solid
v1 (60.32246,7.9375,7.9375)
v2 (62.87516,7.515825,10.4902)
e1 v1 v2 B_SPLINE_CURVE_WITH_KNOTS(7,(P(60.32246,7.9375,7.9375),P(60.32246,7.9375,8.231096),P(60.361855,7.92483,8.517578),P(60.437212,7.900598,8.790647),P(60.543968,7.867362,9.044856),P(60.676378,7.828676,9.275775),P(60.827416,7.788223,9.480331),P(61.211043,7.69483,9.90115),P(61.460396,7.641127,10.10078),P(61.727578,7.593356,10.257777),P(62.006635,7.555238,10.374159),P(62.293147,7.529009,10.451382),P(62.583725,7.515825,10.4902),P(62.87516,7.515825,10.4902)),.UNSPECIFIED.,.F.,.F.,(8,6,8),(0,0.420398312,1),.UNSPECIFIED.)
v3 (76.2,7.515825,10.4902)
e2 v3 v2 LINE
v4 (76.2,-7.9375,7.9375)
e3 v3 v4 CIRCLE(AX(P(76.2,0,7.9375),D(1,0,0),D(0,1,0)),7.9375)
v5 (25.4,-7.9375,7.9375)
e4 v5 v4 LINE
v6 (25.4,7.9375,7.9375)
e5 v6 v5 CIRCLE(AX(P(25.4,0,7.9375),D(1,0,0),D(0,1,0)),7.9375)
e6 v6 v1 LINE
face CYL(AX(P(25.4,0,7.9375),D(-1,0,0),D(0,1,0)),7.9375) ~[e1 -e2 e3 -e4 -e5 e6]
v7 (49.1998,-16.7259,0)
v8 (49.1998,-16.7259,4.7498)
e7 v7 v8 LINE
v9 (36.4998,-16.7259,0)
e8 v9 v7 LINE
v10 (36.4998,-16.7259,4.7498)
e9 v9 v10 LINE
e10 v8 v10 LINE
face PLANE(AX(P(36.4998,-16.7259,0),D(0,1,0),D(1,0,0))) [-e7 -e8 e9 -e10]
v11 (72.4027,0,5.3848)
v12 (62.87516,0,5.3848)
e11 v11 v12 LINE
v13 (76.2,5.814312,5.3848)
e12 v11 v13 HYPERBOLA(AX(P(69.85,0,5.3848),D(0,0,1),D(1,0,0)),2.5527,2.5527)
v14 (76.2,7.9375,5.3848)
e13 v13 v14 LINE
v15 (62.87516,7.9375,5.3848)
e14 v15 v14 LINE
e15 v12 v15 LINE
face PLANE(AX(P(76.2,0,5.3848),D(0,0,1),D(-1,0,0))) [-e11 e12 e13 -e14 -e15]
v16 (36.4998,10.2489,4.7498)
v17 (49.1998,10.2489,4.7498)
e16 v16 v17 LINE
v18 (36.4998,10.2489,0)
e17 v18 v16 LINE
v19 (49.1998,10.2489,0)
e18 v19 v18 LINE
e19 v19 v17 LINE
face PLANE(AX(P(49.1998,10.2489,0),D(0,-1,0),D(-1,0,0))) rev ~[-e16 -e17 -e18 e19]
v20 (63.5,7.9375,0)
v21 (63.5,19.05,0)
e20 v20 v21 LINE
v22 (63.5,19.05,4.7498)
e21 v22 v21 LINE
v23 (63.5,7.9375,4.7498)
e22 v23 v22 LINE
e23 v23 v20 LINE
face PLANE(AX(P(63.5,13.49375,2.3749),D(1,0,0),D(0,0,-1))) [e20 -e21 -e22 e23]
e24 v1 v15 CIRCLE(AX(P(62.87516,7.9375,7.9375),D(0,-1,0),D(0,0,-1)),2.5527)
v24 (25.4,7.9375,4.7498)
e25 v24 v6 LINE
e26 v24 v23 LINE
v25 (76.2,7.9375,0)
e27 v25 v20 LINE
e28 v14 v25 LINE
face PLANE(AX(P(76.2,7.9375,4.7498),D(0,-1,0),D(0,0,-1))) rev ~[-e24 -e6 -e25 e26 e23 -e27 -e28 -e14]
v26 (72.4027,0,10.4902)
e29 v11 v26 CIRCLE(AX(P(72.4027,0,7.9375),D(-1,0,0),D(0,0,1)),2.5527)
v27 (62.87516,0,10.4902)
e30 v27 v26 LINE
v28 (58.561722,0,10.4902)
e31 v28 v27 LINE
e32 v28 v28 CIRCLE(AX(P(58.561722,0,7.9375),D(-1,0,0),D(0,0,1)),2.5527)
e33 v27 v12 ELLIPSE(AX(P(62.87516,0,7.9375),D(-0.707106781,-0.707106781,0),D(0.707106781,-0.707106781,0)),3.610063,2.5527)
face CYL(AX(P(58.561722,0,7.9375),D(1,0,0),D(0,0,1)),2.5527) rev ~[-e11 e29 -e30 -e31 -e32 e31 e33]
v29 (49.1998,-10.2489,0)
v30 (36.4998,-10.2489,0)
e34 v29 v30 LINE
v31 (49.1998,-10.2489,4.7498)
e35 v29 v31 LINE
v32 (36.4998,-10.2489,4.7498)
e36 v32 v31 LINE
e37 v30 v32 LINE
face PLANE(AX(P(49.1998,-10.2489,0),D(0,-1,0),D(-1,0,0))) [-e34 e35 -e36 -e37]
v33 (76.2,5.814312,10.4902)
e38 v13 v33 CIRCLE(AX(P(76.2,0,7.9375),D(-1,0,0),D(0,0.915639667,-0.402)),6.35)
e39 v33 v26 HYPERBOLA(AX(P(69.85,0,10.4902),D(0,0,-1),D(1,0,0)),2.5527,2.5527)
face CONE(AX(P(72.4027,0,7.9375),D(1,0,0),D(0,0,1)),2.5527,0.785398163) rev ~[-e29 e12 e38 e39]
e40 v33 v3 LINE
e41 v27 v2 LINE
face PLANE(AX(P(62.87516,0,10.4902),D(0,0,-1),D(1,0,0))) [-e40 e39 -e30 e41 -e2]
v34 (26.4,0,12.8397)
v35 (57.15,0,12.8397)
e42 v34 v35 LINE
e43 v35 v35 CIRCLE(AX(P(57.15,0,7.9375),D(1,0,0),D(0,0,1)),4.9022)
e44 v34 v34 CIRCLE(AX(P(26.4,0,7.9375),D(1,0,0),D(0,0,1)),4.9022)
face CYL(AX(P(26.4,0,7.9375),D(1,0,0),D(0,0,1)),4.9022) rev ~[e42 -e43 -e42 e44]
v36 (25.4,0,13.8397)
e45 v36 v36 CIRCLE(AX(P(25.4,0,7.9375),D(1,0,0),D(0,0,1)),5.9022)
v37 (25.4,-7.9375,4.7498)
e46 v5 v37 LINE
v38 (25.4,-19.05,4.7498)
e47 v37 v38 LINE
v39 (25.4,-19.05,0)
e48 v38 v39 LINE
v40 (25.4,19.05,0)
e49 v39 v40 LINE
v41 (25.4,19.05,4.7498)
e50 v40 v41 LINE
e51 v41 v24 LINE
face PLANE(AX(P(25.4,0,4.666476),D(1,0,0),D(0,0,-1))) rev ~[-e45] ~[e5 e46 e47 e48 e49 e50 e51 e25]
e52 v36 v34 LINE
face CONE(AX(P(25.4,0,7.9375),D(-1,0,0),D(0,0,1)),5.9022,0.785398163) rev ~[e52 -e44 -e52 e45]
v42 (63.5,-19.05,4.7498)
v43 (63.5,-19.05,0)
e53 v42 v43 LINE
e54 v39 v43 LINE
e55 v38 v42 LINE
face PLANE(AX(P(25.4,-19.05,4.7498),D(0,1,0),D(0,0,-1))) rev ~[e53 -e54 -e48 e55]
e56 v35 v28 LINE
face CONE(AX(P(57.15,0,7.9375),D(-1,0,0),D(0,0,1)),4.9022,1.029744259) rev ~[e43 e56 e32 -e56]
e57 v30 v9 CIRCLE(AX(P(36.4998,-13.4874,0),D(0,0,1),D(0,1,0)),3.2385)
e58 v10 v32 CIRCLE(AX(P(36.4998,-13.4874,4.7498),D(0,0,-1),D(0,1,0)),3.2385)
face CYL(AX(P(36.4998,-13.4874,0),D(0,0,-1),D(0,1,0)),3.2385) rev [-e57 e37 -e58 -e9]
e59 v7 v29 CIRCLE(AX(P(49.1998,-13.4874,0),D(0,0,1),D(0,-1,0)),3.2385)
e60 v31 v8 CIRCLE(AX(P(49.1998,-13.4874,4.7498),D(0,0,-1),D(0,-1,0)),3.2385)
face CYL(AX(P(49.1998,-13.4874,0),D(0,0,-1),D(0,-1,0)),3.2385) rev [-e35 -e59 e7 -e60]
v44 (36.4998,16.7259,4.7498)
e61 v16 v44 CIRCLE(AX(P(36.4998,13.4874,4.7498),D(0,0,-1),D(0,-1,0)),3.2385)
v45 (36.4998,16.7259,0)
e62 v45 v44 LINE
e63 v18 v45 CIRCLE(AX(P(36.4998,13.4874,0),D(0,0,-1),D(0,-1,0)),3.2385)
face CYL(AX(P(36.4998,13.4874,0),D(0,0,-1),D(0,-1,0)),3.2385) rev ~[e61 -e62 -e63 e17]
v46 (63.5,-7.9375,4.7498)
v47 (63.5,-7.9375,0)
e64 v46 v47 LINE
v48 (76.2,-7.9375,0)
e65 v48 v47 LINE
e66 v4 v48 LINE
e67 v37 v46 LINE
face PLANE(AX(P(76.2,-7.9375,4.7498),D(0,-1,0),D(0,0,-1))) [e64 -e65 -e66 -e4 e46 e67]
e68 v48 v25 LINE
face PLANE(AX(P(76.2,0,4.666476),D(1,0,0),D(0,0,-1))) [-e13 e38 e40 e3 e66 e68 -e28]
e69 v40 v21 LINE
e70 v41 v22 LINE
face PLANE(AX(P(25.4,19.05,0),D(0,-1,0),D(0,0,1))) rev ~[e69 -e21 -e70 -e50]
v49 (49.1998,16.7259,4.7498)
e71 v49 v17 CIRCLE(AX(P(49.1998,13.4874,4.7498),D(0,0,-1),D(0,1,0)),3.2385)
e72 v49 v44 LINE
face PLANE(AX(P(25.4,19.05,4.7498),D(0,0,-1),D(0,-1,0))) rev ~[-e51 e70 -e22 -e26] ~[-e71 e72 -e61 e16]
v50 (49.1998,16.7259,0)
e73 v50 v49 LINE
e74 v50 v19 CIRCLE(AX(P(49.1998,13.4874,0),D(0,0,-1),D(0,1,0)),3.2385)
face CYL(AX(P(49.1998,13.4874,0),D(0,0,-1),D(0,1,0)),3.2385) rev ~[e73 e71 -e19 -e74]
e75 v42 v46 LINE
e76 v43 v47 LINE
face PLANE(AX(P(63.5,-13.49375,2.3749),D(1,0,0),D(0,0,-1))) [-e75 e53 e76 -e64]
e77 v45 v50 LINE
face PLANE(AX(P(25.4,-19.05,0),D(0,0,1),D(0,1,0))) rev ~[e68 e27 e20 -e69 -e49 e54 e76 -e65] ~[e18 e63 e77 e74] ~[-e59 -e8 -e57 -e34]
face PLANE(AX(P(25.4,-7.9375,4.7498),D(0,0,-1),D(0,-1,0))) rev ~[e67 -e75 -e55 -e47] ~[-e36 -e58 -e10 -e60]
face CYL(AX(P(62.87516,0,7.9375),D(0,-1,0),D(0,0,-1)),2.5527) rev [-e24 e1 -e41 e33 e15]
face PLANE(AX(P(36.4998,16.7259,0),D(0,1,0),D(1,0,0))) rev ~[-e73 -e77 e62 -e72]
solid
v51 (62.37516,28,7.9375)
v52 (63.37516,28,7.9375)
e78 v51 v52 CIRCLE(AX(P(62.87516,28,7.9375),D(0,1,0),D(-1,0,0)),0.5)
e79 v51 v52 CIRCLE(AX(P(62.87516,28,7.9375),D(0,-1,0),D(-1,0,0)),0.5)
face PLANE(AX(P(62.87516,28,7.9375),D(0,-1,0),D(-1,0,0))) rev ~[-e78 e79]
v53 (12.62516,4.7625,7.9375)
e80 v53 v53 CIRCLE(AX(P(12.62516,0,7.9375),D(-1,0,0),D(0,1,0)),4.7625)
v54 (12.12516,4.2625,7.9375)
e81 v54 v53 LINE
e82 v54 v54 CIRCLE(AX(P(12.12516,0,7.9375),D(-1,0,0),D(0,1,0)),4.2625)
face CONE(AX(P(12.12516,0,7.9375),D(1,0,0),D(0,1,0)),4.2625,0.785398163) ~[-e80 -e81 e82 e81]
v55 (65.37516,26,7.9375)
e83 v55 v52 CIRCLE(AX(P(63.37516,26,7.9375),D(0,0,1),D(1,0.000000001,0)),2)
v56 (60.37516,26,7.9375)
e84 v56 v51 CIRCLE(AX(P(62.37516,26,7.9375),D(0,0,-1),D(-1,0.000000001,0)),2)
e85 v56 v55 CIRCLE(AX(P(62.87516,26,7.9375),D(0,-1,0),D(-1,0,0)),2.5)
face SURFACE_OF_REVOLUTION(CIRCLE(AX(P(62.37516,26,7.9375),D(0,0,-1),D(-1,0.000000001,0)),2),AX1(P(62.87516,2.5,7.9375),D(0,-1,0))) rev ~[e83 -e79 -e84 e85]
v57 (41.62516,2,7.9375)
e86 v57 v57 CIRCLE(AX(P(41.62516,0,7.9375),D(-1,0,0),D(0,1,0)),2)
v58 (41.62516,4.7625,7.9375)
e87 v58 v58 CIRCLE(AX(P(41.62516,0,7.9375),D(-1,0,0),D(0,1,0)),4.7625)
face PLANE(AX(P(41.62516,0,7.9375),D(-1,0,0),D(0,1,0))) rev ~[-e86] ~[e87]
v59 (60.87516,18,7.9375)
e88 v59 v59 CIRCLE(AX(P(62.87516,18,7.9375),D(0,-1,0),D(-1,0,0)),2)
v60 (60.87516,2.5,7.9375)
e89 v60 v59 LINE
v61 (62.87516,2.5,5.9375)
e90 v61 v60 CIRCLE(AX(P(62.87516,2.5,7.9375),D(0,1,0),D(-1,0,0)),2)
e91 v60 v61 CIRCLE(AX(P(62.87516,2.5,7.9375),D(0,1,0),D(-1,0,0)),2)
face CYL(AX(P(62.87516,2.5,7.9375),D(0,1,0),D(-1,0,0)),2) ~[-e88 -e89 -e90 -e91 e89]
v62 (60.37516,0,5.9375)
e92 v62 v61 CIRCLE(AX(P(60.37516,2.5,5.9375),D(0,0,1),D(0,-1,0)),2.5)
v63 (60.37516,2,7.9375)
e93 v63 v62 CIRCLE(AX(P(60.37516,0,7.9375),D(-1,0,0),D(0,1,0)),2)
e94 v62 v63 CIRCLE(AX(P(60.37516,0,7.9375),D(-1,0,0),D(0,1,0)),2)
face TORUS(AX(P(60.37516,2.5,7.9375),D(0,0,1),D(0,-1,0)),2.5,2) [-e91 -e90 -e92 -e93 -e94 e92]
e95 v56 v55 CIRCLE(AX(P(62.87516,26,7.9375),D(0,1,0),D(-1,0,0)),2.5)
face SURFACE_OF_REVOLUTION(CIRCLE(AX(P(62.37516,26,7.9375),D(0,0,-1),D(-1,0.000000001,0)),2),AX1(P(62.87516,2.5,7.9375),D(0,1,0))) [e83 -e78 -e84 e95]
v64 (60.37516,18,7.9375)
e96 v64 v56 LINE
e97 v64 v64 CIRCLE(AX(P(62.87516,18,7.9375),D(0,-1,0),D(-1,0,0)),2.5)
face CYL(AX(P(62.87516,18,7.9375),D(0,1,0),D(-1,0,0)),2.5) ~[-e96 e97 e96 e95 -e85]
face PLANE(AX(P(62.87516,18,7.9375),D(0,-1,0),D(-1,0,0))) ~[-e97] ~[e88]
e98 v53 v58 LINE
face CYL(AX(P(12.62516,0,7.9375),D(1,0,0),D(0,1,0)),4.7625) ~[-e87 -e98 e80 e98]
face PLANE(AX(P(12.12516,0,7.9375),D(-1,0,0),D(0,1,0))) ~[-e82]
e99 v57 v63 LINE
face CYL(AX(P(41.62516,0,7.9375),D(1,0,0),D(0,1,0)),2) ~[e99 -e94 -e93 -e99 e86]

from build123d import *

# Parameters (mm, degrees)
BOSS_EXTRUDE2_DEPTH = 50.8
SKETCH5_W           = 4.7498
SKETCH5_H           = 11.1125
CUT_EXTRUDE3_DEPTH  = 12.7
CUT_REVOLVE2_ANGLE  = 360
CUT_EXTRUDE4_REACH  = 21.05
CUT_EXTRUDE5_REACH  = 17.875
REVOLVE1_ANGLE      = 360
REVOLVE2_ANGLE      = 360
SKETCH12_R          = 2


with BuildPart() as part:
    # Sketch4 → Boss-Extrude2 (new body)
    with BuildSketch(Plane(origin=(25.4, 0, 0), x_dir=(0, 0, -1), z_dir=(1, 0, 0))):
        with BuildLine():
            Line((0, -19.05), (0, 19.05))
            Line((0, 19.05), (-4.7498, 19.05))
            Line((-4.7498, 19.05), (-4.7498, 7.9375))
            Line((-4.7498, 7.9375), (-7.9375, 7.9375))
            ThreePointArc((-7.9375, 7.9375), (-15.875, 0), (-7.9375, -7.9375))
            Line((-7.9375, -7.9375), (-4.7498, -7.9375))
            Line((-4.7498, -7.9375), (-4.7498, -19.05))
            Line((-4.7498, -19.05), (0, -19.05))
        make_face()
    extrude(amount=BOSS_EXTRUDE2_DEPTH)

    # Sketch5 → Cut-Extrude3 (cut)
    with BuildSketch(Plane(origin=(76.2, 0, 0), x_dir=(0, 0, -1), z_dir=(1, 0, 0))):
        with Locations((-2.3749, 13.49375)):
            Rectangle(SKETCH5_W, SKETCH5_H)
        with Locations((-2.3749, -13.49375)):
            Rectangle(SKETCH5_W, SKETCH5_H)
    extrude(amount=-CUT_EXTRUDE3_DEPTH, mode=Mode.SUBTRACT)

    # Sketch6 → Cut-Revolve2 (revolve, symmetric, cut)
    with BuildSketch(Plane(origin=(0, 0, 0), x_dir=(1, 0, 0), z_dir=(0, 1, 0))) as cut_revolve2_sk:
        Polygon((25.4, -7.9375), (25.4, -13.8397), (26.4, -12.8397), (57.15, -12.8397), (58.561722024, -10.4902), (72.4027, -10.4902), (76.2, -14.2875), (76.2, -7.9375), align=None)
    revolve(axis=Axis((25.4, 0, 7.9375), (1, 0, 0)), revolution_arc=CUT_REVOLVE2_ANGLE / 2, mode=Mode.SUBTRACT)
    revolve(cut_revolve2_sk.sketch, axis=Axis((25.4, 0, 7.9375), (-1, 0, 0)), revolution_arc=CUT_REVOLVE2_ANGLE / 2, mode=Mode.SUBTRACT)

    # Sketch7 → Cut-Extrude4 (cut, up to next)
    with BuildSketch(Plane(origin=(0, 0, 0), x_dir=(1, 0, 0), z_dir=(0, 1, 0)), mode=Mode.PRIVATE) as cut_extrude4_sk1:
        with BuildLine():
            Line((62.87516, -10.4902), (76.2, -10.4902))
            Line((76.2, -10.4902), (76.2, -5.3848))
            Line((76.2, -5.3848), (62.87516, -5.3848))
            ThreePointArc((62.87516, -5.3848), (60.32246, -7.9375), (62.87516, -10.4902))
        make_face()
    cut_extrude4_tool1 = extrude(cut_extrude4_sk1.sketch, amount=CUT_EXTRUDE4_REACH, mode=Mode.PRIVATE) & part.part
    add(cut_extrude4_tool1.solids().sort_by_distance((68.524549, 0, 7.9375))[0], mode=Mode.SUBTRACT)

    # Sketch8 → Cut-Extrude5 (cut, up to next)
    with BuildSketch(Plane.XY, mode=Mode.PRIVATE) as cut_extrude5_sk1:
        with BuildLine():
            Line((36.4998, 16.7259), (49.1998, 16.7259))
            ThreePointArc((49.1998, 16.7259), (52.4383, 13.4874), (49.1998, 10.2489))
            Line((49.1998, 10.2489), (36.4998, 10.2489))
            ThreePointArc((36.4998, 10.2489), (33.2613, 13.4874), (36.4998, 16.7259))
        make_face()
    cut_extrude5_tool1 = extrude(cut_extrude5_sk1.sketch, amount=CUT_EXTRUDE5_REACH, mode=Mode.PRIVATE) & part.part
    add(cut_extrude5_tool1.solids().sort_by_distance((42.8498, 13.4874, 0))[0], mode=Mode.SUBTRACT)
    # Sketch8 → Cut-Extrude5 (cut, up to next)
    with BuildSketch(Plane.XY, mode=Mode.PRIVATE) as cut_extrude5_sk2:
        with BuildLine():
            Line((36.4998, -16.7259), (49.1998, -16.7259))
            ThreePointArc((49.1998, -16.7259), (52.4383, -13.4874), (49.1998, -10.2489))
            Line((49.1998, -10.2489), (36.4998, -10.2489))
            ThreePointArc((36.4998, -10.2489), (33.2613, -13.4874), (36.4998, -16.7259))
        make_face()
    cut_extrude5_tool2 = extrude(cut_extrude5_sk2.sketch, amount=CUT_EXTRUDE5_REACH, mode=Mode.PRIVATE) & part.part
    add(cut_extrude5_tool2.solids().sort_by_distance((42.8498, -13.4874, 0))[0], mode=Mode.SUBTRACT)


with BuildPart() as body_2:
    # Sketch9 → Revolve1 (revolve, symmetric)
    with BuildSketch(Plane.XY.offset(7.9375)) as revolve1_sk:
        Polygon((12.12516, 0), (12.12516, 4.2625), (12.62516, 4.7625), (41.62516, 4.7625), (41.62516, 2), (60.37516, 2), (60.37516, 0), align=None)
    revolve(axis=Axis((12.12516, 0, 7.9375), (1, 0, 0)), revolution_arc=REVOLVE1_ANGLE / 2)
    revolve(revolve1_sk.sketch, axis=Axis((12.12516, 0, 7.9375), (-1, 0, 0)), revolution_arc=REVOLVE1_ANGLE / 2)



with BuildPart() as body_3:
    # Sketch11 → Revolve2 (revolve, symmetric)
    with BuildSketch(Plane.XY.offset(7.9375)) as revolve2_sk:
        with BuildLine():
            Line((60.87516, 2.5), (60.87516, 18))
            Line((60.87516, 18), (60.37516, 18))
            Line((60.37516, 18), (60.37516, 26))
            ThreePointArc((60.37516, 26), (60.960946438, 27.414213562), (62.37516, 28))
            Line((62.37516, 28), (62.87516, 28))
            Line((62.87516, 28), (62.87516, 2.5))
            Line((62.87516, 2.5), (60.87516, 2.5))
        make_face()
    revolve(axis=Axis((62.87516, 2.5, 7.9375), (0, 1, 0)), revolution_arc=REVOLVE2_ANGLE / 2)
    revolve(revolve2_sk.sketch, axis=Axis((62.87516, 2.5, 7.9375), (0, -1, 0)), revolution_arc=REVOLVE2_ANGLE / 2)


with BuildPart() as body_2_1:
    add(body_2.part)

    add(body_3.part)  # Sweep1 merges body 3
    # Sweep1: sweep along a path in Sketch13
    with BuildLine(Plane.XY.offset(7.9375)) as sweep1_path:
        ThreePointArc((60.37516, 0), (62.142926953, 0.732233047), (62.87516, 2.5))
    # Sketch12 → Sweep1 (sweep)
    with BuildSketch(Plane(origin=(60.37516, 0, 0), x_dir=(0, 0, -1), z_dir=(1, 0, 0))):
        with Locations((-7.9375, 0)):
            Circle(SKETCH12_R)
    sweep(path=sweep1_path.line)


solid = Compound([part.part, body_2_1.part])
